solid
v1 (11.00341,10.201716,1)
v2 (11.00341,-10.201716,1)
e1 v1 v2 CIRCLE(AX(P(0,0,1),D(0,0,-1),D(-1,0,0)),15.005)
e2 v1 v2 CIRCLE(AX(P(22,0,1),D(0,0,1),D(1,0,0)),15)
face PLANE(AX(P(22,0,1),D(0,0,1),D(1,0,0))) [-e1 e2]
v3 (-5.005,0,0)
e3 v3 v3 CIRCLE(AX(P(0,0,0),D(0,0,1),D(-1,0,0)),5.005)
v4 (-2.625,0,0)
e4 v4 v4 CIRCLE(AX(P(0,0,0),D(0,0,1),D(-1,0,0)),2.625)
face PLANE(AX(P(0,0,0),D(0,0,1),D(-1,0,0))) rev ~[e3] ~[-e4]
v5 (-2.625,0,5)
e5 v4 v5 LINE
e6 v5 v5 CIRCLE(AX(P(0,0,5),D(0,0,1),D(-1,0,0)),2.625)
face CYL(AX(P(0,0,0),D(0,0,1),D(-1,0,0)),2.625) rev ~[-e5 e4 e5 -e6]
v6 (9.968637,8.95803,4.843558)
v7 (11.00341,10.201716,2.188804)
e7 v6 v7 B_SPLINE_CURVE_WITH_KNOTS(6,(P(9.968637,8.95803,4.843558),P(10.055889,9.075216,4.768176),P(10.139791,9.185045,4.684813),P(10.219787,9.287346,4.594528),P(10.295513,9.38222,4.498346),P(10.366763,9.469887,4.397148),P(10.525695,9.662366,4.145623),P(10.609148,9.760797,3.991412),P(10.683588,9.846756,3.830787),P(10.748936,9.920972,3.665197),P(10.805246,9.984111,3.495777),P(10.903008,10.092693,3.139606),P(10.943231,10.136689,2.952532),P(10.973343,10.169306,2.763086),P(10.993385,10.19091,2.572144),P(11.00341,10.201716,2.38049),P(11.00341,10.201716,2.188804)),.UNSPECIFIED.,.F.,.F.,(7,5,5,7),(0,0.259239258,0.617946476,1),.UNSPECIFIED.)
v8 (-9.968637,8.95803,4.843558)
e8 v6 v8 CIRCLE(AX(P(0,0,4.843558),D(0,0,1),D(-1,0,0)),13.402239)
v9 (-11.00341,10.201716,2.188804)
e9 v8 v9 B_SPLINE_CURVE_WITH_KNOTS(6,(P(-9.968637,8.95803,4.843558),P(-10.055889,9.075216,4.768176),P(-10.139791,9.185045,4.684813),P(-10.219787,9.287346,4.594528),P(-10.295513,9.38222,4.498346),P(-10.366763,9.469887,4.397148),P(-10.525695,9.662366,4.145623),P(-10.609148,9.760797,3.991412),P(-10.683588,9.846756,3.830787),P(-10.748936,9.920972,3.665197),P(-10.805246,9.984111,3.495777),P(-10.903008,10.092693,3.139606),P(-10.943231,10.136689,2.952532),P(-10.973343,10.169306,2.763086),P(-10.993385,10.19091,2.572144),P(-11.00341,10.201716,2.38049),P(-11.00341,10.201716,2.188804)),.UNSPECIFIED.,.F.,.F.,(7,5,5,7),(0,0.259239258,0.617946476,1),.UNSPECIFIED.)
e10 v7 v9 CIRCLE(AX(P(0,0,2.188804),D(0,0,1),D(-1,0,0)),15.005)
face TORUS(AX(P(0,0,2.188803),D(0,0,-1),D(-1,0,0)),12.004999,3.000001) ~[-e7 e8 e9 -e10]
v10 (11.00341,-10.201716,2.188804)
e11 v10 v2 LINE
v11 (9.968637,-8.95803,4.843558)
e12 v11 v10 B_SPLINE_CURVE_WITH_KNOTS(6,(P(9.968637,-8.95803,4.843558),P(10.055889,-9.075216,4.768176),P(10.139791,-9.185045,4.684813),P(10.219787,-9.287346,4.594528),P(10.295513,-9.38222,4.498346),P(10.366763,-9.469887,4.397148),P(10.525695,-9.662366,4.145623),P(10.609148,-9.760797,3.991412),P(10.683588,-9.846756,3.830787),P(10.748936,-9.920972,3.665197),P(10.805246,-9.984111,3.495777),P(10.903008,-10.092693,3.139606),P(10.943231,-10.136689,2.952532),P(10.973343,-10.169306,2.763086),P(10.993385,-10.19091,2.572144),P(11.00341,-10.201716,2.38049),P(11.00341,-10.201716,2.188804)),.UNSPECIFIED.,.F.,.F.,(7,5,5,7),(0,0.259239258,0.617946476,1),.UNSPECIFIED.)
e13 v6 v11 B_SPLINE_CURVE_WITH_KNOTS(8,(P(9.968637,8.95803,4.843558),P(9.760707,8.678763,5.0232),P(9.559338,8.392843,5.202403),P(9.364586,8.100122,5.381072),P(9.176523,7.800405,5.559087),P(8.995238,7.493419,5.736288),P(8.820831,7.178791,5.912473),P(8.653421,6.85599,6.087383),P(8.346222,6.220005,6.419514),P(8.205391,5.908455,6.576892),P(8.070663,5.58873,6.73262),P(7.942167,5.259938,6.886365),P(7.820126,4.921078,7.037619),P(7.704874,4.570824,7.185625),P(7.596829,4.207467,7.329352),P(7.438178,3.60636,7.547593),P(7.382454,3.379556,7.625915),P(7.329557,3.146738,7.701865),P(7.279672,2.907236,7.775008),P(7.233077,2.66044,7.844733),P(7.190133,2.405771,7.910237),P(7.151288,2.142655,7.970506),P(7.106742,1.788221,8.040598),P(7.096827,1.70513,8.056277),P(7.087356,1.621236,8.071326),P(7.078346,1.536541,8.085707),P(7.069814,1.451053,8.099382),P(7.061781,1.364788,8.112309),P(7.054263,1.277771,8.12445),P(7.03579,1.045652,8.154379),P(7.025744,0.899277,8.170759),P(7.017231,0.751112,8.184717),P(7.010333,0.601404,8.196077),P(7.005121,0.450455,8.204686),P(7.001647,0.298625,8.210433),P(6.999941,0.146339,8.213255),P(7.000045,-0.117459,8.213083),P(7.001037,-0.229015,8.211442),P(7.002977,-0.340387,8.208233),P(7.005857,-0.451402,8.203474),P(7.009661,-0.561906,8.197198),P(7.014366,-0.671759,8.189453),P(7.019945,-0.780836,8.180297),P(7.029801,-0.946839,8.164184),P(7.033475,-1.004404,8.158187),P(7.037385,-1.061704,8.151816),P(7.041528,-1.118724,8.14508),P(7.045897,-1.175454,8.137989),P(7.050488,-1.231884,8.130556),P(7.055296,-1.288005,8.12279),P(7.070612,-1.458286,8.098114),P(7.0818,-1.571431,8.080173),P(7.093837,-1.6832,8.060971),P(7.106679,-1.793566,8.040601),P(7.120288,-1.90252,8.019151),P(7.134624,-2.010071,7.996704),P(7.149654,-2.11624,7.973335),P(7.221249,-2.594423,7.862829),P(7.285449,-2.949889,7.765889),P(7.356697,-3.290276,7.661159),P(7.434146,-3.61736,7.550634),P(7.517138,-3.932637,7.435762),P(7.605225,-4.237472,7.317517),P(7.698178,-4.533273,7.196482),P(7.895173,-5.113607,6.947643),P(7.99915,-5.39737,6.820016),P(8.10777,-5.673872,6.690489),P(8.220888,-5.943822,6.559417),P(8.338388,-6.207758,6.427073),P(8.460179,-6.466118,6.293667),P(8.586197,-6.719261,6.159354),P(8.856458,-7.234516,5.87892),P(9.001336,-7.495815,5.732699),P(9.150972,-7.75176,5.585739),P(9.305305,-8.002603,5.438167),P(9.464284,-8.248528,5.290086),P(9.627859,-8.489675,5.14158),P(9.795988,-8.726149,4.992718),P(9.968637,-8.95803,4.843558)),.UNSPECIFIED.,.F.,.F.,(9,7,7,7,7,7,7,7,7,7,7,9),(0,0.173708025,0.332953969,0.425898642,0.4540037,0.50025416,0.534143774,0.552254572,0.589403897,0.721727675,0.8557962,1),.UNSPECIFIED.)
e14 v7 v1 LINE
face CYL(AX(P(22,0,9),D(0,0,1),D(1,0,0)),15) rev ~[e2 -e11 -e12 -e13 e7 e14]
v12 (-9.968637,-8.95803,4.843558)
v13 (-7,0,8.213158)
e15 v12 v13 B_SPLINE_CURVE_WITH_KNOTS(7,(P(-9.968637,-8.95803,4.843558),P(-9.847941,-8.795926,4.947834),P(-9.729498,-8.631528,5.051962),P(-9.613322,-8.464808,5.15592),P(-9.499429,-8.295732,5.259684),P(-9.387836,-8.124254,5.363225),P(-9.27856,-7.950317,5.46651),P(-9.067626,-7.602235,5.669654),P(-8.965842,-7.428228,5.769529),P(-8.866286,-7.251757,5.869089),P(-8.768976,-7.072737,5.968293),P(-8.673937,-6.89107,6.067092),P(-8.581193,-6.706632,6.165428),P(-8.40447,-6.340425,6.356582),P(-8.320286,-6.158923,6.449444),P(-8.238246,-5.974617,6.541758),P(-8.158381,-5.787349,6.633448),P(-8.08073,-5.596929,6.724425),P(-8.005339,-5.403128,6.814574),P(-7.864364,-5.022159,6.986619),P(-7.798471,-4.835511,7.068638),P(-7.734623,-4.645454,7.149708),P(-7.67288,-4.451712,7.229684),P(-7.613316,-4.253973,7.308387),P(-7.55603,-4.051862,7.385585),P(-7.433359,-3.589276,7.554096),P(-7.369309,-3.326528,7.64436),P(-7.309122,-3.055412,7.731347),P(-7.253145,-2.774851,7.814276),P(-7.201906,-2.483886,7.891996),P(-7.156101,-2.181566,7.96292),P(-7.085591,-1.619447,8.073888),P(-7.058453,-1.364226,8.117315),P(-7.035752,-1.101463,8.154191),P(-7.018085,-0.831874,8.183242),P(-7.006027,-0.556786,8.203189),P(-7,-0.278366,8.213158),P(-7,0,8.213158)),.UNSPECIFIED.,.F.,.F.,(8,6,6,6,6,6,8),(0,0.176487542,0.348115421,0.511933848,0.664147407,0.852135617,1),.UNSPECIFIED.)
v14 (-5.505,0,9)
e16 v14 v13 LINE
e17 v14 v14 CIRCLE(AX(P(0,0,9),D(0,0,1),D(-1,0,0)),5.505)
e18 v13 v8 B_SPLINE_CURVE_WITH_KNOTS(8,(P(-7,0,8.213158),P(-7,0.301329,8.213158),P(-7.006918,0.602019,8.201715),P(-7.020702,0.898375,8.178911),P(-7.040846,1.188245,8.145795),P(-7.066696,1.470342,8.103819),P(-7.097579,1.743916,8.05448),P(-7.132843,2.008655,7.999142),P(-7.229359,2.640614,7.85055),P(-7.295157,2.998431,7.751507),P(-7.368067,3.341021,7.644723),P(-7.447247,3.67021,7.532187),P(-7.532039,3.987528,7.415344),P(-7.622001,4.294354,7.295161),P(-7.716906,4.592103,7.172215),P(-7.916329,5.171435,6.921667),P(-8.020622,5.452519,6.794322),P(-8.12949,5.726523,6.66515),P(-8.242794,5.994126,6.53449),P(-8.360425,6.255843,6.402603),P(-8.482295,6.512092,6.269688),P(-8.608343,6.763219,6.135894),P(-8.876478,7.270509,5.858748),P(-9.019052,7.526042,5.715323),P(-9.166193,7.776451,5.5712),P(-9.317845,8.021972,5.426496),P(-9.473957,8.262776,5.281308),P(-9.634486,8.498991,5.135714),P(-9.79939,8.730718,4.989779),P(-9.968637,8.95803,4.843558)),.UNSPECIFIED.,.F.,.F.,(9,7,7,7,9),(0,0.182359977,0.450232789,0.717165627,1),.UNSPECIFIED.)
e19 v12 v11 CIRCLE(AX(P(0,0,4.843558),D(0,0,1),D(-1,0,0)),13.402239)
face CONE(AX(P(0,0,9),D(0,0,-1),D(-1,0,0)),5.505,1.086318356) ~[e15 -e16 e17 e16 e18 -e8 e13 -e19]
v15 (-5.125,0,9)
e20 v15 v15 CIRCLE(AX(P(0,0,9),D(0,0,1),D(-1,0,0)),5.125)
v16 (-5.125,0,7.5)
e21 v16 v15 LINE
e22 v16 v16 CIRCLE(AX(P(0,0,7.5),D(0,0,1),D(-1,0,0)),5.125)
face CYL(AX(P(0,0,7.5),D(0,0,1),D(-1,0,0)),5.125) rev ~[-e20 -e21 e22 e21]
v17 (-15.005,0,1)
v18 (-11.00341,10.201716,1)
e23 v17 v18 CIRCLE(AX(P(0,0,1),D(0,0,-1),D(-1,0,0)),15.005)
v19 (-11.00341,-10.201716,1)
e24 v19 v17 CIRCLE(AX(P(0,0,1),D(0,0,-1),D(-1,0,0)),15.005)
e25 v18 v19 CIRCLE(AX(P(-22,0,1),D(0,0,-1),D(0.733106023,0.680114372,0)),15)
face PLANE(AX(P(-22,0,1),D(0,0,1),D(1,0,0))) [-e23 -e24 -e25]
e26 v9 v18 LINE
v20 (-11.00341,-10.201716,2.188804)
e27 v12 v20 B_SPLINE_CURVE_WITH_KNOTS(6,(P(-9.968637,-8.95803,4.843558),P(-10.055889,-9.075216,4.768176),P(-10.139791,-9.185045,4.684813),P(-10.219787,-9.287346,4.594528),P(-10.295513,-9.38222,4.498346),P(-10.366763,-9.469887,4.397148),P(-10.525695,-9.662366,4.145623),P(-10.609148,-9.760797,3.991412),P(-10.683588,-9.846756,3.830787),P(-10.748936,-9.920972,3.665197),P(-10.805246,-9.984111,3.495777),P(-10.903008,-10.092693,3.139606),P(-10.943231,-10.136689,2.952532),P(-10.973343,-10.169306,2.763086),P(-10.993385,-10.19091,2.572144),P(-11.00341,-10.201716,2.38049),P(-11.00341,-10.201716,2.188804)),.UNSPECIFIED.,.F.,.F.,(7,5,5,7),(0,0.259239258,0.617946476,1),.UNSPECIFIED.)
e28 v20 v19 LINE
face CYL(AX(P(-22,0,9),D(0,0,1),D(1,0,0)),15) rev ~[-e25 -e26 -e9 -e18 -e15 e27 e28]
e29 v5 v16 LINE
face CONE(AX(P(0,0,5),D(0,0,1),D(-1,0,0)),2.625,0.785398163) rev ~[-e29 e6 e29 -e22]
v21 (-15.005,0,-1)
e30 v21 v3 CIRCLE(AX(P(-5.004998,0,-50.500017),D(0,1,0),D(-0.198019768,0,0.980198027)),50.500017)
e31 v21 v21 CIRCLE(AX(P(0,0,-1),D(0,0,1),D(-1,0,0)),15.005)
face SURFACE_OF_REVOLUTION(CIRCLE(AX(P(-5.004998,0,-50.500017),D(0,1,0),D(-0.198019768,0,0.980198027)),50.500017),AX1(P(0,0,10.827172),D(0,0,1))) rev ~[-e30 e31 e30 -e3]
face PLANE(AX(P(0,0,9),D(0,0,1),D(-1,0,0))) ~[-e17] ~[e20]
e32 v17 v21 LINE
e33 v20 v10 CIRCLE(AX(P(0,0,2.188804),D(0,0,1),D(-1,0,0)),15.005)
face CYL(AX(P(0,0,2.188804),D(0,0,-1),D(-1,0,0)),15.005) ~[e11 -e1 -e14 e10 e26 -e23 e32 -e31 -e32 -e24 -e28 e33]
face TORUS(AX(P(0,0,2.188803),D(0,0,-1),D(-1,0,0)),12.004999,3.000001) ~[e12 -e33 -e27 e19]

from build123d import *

# Parameters (mm, degrees)
F2_R     = 15
F3_DEPTH = 8


with BuildPart() as f1:
    # F0 (on Front) → F1 (revolve)
    with BuildSketch(Plane.XZ):
        with BuildLine():
            Line((-2.625, 0), (-2.625, 5))
            Line((-2.625, 5), (-5.125, 7.5))
            Line((-5.125, 7.5), (-5.125, 9))
            Line((-5.125, 9), (-5.505, 9))
            Line((-5.505, 9), (-13.402239, 4.843558))
            ThreePointArc((-13.402239, 4.843558), (-14.57324, 3.739333), (-15.005, 2.188804))
            Line((-15.005, 2.188804), (-15.005, -1))
            ThreePointArc((-15.005, -1), (-10.029938, -0.250622), (-5.005, 0))
            Line((-5.005, 0), (-2.625, 0))
        make_face()
    revolve(axis=Axis((0, 0, 10.827172), (0, 0, 1)))

    # F2 (on face) → F3 (cut)
    with BuildSketch(Plane.XY.offset(9)):
        with Locations((-22, 0)):
            Circle(F2_R)
        with Locations((22, 0)):
            Circle(F2_R)
    extrude(amount=-F3_DEPTH, mode=Mode.SUBTRACT)


solid = f1.part
